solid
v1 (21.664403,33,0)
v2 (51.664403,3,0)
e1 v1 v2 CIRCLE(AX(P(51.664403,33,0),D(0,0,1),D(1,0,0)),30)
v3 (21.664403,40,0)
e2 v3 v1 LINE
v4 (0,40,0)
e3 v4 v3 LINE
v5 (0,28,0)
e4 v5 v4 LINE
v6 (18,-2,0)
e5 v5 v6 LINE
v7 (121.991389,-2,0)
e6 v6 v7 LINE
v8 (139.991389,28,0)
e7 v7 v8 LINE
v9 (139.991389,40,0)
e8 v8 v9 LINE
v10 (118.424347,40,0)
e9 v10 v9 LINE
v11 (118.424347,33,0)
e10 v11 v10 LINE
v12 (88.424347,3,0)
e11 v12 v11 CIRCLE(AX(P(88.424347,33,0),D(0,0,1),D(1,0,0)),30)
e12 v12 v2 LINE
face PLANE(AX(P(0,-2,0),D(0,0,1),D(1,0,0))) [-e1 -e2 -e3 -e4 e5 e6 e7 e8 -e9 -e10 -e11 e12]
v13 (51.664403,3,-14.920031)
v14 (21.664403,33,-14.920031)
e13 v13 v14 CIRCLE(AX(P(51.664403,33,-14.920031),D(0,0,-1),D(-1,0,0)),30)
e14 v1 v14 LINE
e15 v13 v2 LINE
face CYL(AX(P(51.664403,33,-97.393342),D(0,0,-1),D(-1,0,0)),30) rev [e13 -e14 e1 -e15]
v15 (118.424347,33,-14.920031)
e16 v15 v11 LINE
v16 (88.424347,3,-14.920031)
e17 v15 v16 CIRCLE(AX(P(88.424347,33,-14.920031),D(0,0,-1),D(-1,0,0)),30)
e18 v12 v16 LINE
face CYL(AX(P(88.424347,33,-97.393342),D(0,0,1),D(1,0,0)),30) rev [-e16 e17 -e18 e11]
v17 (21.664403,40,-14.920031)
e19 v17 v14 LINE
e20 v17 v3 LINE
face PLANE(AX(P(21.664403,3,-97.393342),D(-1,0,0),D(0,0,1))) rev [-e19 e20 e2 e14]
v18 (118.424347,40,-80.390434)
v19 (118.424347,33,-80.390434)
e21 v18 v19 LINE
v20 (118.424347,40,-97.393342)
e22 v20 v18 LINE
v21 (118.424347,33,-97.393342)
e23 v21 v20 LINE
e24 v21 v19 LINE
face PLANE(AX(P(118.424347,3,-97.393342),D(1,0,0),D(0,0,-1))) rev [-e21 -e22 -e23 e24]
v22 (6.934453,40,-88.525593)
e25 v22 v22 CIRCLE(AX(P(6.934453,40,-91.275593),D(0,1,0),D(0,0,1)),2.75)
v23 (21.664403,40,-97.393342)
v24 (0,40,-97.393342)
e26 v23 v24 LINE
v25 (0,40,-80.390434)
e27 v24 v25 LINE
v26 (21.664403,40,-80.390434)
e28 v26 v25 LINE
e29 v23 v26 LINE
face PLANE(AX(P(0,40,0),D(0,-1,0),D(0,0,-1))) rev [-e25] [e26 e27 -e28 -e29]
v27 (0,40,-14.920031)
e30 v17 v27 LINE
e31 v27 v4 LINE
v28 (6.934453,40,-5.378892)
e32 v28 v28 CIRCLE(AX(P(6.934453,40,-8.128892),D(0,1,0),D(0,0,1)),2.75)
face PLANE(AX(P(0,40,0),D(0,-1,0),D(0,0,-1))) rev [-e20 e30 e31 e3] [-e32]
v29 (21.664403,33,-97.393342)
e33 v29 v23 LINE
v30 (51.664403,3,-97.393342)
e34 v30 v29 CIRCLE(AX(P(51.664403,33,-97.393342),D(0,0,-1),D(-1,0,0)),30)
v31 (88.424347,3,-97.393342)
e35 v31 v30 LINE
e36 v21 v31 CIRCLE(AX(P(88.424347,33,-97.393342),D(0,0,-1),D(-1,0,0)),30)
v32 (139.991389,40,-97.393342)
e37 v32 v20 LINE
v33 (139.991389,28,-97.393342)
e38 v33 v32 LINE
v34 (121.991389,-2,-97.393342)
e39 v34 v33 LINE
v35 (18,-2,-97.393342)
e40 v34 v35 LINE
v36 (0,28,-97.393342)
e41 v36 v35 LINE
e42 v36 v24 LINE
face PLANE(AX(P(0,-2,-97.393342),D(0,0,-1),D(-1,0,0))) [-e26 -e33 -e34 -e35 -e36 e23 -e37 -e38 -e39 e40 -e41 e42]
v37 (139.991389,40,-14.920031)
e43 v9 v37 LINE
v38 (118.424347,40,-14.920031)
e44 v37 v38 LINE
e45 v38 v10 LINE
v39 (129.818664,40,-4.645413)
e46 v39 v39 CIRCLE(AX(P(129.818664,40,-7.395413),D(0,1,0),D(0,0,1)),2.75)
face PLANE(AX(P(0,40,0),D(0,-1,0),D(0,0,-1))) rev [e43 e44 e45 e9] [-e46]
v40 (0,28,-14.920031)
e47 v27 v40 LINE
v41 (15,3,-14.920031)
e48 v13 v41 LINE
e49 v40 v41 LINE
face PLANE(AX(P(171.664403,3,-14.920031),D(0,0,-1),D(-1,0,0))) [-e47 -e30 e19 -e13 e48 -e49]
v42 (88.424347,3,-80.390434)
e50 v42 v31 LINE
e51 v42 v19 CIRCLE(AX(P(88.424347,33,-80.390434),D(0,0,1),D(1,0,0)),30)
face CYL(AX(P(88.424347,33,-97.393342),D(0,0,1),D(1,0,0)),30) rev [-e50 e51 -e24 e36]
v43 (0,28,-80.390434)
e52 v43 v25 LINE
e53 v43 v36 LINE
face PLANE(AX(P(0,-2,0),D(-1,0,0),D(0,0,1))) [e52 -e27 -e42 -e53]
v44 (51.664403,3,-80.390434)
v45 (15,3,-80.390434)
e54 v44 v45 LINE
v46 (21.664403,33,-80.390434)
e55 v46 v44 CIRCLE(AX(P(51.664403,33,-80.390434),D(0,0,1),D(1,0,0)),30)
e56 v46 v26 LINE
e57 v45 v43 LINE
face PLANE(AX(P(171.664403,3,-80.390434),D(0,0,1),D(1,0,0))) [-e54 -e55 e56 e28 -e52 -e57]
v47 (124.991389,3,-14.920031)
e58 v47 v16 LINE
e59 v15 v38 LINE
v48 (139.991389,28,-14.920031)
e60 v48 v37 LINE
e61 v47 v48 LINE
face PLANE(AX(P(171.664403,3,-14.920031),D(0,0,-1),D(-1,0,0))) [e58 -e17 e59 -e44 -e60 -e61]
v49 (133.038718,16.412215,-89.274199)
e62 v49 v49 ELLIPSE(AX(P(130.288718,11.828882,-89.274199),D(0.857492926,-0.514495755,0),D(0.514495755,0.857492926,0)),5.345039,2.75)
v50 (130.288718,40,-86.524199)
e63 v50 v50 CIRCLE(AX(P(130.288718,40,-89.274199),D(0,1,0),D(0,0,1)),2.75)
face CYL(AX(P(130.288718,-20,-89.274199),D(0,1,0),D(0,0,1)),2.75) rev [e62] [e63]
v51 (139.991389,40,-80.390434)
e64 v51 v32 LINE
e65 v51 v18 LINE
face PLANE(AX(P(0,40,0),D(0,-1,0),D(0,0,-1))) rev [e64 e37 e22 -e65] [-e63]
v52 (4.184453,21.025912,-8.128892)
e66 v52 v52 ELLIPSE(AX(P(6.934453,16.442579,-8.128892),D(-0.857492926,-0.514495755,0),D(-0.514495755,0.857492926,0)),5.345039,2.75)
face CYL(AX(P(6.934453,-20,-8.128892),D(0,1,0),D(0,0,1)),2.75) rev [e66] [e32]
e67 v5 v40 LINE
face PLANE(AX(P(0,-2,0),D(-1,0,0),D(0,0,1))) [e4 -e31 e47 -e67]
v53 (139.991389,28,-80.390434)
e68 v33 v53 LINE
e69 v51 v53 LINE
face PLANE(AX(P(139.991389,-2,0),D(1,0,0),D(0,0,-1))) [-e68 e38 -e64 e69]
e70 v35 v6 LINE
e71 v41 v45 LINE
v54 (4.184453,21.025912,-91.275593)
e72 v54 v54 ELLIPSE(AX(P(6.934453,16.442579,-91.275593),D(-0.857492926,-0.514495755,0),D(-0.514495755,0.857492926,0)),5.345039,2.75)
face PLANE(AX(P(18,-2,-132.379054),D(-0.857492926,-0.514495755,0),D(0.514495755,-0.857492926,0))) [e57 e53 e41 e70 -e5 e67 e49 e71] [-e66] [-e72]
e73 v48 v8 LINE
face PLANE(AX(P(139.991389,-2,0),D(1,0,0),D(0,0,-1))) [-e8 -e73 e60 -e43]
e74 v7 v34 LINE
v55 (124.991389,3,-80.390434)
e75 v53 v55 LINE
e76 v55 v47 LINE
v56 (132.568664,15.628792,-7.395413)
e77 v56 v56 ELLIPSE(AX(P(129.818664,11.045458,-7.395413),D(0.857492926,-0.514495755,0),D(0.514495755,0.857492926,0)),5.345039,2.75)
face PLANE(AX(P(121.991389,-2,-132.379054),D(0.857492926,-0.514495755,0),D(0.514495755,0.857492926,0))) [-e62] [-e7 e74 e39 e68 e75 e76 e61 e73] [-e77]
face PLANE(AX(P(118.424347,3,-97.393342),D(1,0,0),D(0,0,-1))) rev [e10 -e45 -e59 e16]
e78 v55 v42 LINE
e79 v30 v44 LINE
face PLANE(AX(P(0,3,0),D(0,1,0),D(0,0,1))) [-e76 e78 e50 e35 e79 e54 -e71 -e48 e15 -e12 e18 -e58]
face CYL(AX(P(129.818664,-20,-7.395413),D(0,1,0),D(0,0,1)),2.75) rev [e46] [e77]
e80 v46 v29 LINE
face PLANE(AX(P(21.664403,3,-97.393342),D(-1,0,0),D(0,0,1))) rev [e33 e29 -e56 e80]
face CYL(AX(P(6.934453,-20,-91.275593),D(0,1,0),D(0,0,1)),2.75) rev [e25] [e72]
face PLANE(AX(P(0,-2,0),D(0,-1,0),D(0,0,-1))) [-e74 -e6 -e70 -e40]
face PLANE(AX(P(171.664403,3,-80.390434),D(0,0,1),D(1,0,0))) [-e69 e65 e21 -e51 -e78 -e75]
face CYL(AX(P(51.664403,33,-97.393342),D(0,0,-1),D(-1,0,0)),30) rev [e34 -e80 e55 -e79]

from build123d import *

# Parameters (mm, degrees)
PICOVER_DEPTH                       = 40
PICOVER_DEPTH_BACK                  = 2
SKETCH1_W                           = 139.991389113
SKETCH1_H                           = 97.393342316
SKETCH2_W                           = 96.759944342
SKETCH2_H                           = 98.11966003
OPENINGFORPI_DEPTH                  = 37
SKETCH4_W                           = 18
SKETCH4_H                           = 97.393342316
CUTAWAYSTHATDEFINESCREWPLATES_DEPTH = 30
BOSS_EXTRUDE1_DEPTH                 = 97.393342316
HOLEFORPOWERHDMIAUDIO_DEPTH         = 150
HOLEFORPOWERHDMIAUDIO_DEPTH_BACK    = 30
SKETCH6_W                           = 65.470403297
SKETCH6_H                           = 37
SKETCH7_R                           = 2.75
CUT_EXTRUDE7_DEPTH                  = 60
FILLET1_R                           = 30
FILLET2_R                           = 30
FILLET3_R                           = 30
FILLET4_R                           = 30


with BuildPart() as part:
    # Sketch1 → PiCover (new, two sides: drawn at the far end of the back side and taken through both)
    with BuildSketch(Plane(origin=(0, 0, 0), x_dir=(1, 0, 0), z_dir=(0, 1, 0)).offset(-PICOVER_DEPTH_BACK)):
        with Locations((69.995694556, 48.696671158)):
            Rectangle(SKETCH1_W, SKETCH1_H)
    extrude(amount=PICOVER_DEPTH + PICOVER_DEPTH_BACK)

    # Sketch2 → OpeningForPi (cut)
    with BuildSketch(Plane(origin=(0, 40, 0), x_dir=(1, 0, 0), z_dir=(0, 1, 0))):
        with Locations((70.044375284, 48.333512301)):
            Rectangle(SKETCH2_W, SKETCH2_H)
    extrude(amount=-OPENINGFORPI_DEPTH, mode=Mode.SUBTRACT)

    # Sketch4 → CutAwaysThatDefineScrewPlates (cut)
    with BuildSketch(Plane.XZ.offset(2)):
        with Locations((130.991389113, -48.696671158)):
            Rectangle(SKETCH4_W, SKETCH4_H)
        with Locations((9, -48.696671158)):
            Rectangle(SKETCH4_W, SKETCH4_H)
    extrude(amount=-CUTAWAYSTHATDEFINESCREWPLATES_DEPTH, mode=Mode.SUBTRACT)

    # Sketch11 → Boss-Extrude1 (add)
    with BuildSketch(Plane.XY):
        Polygon((0, 28), (18, 28), (18, -2), align=None)
        Polygon((139.991389113, 28), (121.991389113, 28), (121.991389113, -2), align=None)
    extrude(amount=-BOSS_EXTRUDE1_DEPTH)

    # Sketch6 → HoleForPowerHDMIAudio (cut, two sides: drawn at the far end of the back side and taken through both)
    with BuildSketch(Plane(origin=(21.664403113, 0, 0), x_dir=(0, 0, -1), z_dir=(1, 0, 0)).offset(-HOLEFORPOWERHDMIAUDIO_DEPTH_BACK)):
        with Locations((47.655232797, 21.5)):
            Rectangle(SKETCH6_W, SKETCH6_H)
    extrude(amount=HOLEFORPOWERHDMIAUDIO_DEPTH + HOLEFORPOWERHDMIAUDIO_DEPTH_BACK, mode=Mode.SUBTRACT)

    # Sketch7 → Cut-Extrude7 (cut)
    with BuildSketch(Plane(origin=(0, 40, 0), x_dir=(1, 0, 0), z_dir=(0, 1, 0))):
        with Locations(Location((6.934452889, 8.128892452, 0), (0, 0, 270))):
            Circle(SKETCH7_R)
        with Locations(Location((6.934452889, 91.275593332, 0), (0, 0, 270))):
            Circle(SKETCH7_R)
        with Locations(Location((130.288718206, 89.274198859, 0), (0, 0, 270))):
            Circle(SKETCH7_R)
        with Locations(Location((129.818664093, 7.39541328, 0), (0, 0, 270))):
            Circle(SKETCH7_R)
    extrude(amount=-CUT_EXTRUDE7_DEPTH, mode=Mode.SUBTRACT)

    # Fillet1
    fillet1_edges = [part.edges().sort_by_distance(p)[0] for p in [
        (21.664403113, 3, -88.891888381),
    ]]
    fillet(fillet1_edges, radius=FILLET1_R)

    # Fillet2
    fillet2_edges = [part.edges().sort_by_distance(p)[0] for p in [
        (118.424347455, 3, -88.891888381),
    ]]
    fillet(fillet2_edges, radius=FILLET2_R)

    # Fillet3
    fillet3_edges = [part.edges().sort_by_distance(p)[0] for p in [
        (21.664403113, 3, -7.460015574),
    ]]
    fillet(fillet3_edges, radius=FILLET3_R)

    # Fillet4
    fillet4_edges = [part.edges().sort_by_distance(p)[0] for p in [
        (118.424347455, 3, -7.460015574),
    ]]
    fillet(fillet4_edges, radius=FILLET4_R)


solid = part.part
